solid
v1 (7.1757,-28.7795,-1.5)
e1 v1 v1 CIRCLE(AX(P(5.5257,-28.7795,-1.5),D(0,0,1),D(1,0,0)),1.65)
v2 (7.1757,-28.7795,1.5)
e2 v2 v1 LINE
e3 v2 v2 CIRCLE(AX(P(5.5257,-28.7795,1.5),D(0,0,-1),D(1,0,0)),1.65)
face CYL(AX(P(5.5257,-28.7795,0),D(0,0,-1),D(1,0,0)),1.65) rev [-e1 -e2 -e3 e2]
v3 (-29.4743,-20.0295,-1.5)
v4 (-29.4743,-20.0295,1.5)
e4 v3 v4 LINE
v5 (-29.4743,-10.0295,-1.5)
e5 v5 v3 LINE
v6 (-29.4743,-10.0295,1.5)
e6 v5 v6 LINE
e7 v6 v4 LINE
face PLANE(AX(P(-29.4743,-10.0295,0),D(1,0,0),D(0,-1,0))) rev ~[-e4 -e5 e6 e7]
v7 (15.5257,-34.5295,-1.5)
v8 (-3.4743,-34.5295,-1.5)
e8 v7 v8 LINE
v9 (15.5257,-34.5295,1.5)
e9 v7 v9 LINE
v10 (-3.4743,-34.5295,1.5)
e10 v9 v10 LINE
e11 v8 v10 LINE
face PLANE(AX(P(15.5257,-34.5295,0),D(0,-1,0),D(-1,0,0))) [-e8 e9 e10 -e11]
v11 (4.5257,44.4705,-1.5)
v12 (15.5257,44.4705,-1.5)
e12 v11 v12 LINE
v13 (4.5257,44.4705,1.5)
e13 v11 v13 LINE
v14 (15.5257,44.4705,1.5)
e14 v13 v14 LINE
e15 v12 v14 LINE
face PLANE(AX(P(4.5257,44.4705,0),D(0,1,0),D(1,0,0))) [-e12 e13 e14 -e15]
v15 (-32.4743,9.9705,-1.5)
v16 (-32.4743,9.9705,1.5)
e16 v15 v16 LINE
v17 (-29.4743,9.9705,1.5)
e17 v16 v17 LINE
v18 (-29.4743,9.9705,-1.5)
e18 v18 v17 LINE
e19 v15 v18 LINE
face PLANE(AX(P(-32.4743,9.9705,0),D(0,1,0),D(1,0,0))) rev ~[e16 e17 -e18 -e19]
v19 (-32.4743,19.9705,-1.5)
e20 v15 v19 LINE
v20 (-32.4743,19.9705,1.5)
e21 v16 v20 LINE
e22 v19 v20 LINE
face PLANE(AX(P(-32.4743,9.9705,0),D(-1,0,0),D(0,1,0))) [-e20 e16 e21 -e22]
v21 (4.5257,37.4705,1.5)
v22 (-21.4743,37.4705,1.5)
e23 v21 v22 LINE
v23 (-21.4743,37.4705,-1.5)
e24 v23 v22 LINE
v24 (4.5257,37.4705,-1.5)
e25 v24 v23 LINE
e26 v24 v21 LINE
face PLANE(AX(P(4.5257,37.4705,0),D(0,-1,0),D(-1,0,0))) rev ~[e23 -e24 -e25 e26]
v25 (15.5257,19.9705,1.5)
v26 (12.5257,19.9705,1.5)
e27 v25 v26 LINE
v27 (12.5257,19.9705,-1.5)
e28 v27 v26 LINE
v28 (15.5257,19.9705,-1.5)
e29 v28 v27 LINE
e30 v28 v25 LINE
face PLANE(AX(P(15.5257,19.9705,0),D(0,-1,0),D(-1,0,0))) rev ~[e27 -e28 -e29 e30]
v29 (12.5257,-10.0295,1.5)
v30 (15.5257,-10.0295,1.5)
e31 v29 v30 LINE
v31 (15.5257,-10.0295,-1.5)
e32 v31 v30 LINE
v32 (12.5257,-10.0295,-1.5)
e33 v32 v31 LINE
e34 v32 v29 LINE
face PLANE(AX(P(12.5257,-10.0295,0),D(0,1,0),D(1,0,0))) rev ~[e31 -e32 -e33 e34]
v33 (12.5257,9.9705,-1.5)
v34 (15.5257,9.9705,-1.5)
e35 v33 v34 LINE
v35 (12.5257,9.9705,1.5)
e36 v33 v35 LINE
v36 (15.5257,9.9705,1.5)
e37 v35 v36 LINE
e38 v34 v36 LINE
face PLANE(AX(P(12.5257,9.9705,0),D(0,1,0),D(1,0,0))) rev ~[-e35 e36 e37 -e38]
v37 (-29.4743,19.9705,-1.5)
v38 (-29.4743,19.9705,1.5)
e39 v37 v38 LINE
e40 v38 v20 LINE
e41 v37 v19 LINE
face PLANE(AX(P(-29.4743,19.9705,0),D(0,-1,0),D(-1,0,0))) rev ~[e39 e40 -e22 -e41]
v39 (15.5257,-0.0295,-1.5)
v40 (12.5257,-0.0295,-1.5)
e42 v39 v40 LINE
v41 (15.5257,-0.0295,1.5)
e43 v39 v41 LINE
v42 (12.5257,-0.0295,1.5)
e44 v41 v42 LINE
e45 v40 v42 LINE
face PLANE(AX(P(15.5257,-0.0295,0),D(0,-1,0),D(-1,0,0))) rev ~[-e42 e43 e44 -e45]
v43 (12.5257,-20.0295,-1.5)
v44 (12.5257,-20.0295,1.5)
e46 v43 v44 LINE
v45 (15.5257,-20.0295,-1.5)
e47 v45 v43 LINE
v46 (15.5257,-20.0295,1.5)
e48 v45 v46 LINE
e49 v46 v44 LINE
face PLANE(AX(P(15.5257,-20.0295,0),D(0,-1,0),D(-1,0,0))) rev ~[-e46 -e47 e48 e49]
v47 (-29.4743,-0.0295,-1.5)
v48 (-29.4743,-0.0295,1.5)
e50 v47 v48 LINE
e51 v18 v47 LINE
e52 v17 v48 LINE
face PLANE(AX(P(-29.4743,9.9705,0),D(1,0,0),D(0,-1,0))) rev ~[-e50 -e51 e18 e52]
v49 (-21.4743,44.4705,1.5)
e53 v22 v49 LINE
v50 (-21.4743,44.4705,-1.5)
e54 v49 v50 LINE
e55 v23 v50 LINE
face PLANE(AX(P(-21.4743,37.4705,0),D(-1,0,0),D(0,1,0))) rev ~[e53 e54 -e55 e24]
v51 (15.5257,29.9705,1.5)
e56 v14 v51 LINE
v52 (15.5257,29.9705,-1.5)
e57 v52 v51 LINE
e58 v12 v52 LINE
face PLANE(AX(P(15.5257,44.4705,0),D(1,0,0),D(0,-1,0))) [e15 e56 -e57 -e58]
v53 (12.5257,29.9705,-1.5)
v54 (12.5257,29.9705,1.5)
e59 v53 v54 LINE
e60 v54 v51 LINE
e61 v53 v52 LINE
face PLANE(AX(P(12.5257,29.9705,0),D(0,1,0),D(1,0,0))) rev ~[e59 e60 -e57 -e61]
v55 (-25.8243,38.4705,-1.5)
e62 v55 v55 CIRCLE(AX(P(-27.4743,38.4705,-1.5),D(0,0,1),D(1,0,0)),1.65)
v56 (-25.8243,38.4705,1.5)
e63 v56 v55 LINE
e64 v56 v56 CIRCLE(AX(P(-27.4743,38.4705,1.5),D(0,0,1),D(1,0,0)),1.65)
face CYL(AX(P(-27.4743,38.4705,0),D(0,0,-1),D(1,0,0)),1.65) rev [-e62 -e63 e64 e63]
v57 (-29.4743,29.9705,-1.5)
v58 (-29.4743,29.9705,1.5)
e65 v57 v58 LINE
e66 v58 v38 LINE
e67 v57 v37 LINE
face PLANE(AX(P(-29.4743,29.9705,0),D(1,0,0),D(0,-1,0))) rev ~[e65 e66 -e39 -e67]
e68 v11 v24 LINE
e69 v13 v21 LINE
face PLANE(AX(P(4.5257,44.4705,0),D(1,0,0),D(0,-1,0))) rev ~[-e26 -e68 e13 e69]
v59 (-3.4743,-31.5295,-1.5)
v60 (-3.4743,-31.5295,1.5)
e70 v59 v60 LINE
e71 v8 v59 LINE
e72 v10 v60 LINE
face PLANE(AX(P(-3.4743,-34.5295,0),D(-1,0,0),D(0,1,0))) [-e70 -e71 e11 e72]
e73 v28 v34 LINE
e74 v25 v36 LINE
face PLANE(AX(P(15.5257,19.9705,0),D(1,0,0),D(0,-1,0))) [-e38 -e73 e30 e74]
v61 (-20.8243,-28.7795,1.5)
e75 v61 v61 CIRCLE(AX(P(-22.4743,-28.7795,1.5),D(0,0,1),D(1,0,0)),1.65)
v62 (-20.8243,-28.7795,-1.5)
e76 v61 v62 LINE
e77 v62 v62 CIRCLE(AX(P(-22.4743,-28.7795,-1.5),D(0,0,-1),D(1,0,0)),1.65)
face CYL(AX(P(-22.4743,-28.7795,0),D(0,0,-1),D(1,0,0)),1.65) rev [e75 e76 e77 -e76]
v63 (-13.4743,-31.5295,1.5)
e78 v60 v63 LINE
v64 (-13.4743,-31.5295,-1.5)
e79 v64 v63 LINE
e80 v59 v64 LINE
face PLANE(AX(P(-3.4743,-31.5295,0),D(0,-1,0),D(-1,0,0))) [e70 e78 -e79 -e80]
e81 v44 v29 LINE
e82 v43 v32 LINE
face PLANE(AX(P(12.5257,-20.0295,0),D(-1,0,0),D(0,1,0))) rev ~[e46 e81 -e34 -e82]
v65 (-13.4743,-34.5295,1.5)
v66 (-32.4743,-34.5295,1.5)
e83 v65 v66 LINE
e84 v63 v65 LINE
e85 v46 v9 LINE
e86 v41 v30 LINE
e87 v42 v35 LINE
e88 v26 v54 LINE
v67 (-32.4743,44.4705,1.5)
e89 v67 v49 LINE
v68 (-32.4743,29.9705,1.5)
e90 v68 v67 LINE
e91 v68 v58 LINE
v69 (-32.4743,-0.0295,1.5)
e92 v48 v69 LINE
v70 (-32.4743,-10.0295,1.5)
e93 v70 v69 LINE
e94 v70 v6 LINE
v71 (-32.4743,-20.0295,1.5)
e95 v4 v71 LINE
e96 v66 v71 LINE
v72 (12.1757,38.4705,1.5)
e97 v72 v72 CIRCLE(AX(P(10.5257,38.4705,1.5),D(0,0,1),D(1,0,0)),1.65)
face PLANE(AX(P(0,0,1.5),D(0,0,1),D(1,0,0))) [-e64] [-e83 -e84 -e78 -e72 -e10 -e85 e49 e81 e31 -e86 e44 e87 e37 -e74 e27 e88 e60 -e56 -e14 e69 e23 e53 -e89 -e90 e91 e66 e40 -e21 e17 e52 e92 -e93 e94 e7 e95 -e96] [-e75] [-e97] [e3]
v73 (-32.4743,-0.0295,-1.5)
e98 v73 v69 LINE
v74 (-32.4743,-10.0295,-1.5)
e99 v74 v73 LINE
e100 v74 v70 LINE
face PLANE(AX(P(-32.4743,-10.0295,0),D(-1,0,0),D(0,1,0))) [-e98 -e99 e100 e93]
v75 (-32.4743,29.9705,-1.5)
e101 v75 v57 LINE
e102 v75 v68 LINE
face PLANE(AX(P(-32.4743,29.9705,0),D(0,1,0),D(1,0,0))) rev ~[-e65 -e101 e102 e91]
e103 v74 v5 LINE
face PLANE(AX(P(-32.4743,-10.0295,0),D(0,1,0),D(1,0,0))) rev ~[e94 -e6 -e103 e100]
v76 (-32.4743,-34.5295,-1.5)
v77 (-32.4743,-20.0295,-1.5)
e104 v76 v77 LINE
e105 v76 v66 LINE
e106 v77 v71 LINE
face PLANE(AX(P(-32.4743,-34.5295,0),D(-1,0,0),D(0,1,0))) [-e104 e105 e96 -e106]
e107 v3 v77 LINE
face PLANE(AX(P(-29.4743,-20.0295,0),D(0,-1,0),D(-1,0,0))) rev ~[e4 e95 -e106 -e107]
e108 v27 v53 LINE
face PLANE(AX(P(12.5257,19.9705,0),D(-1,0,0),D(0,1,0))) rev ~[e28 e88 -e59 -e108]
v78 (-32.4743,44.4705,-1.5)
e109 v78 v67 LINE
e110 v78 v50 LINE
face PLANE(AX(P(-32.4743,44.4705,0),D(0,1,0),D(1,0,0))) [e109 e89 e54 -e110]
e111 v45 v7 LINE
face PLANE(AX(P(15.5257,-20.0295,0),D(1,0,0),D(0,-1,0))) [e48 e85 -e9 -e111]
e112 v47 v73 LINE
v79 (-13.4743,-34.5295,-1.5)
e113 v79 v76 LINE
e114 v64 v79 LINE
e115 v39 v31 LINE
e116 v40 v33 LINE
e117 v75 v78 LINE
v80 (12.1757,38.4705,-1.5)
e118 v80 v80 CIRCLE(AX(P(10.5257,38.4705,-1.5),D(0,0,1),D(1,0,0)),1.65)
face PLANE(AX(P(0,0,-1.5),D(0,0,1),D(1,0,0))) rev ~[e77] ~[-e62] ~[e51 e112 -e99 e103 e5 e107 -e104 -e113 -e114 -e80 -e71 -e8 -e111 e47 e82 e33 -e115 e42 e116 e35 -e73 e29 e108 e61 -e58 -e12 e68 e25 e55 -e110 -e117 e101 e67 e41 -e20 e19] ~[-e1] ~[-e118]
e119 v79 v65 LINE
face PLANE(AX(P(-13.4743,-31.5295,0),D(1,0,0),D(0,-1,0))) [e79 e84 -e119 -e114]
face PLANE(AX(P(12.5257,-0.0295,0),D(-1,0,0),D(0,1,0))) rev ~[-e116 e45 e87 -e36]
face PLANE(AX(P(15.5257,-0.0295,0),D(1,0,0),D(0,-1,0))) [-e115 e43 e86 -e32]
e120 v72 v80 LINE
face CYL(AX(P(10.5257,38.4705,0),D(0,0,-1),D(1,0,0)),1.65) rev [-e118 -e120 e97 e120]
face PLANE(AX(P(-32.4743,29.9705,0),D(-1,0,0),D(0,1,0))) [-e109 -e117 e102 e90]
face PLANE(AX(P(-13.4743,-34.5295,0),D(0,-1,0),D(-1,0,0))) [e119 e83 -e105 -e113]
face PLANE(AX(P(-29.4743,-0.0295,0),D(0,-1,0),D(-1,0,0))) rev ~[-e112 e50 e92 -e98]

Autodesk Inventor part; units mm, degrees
ref_plane "YZ Plane" through (0, 0, 0) normal (1, 0, 0) x (0, 1, 0)
ref_plane "XZ Plane" through (0, 0, 0) normal (0, 1, 0) x (-1, 0, 0)
ref_plane "XY Plane" through (0, 0, 0) normal (0, 0, 1) x (1, 0, 0)
sketch "Sketch1" plane through (0, 0, 0) normal (0, 0, 1) x (1, 0, 0)
  circle A0 centre (-22.4743, -28.7795) radius 1.65
  circle A1 centre (5.5257, -28.7795) radius 1.65
  circle A2 centre (-27.4743, 38.4705) radius 1.65
  circle A3 centre (10.5257, 38.4705) radius 1.65
  line L0 (-25.4743, 18.4705) -> (8.5257, 18.4705)
  line L1 (8.5257, 18.4705) -> (8.5257, -25.5295)
  line L2 (8.5257, -25.5295) -> (-25.4743, -25.5295)
  line L3 (-25.4743, -25.5295) -> (-25.4743, 18.4705)
  circle A4 centre (-8.4743, 28.4705) radius 2.5
  line L4 (-32.4743, 44.4705) -> (15.5257, 44.4705)
  line L5 (15.5257, 44.4705) -> (15.5257, -34.5295)
  line L6 (15.5257, -34.5295) -> (-32.4743, -34.5295)
  line L7 (-32.4743, -34.5295) -> (-32.4743, 44.4705)
  line L8 (-25.4743, -25.5295) -> (8.5257, -25.5295)
  line L9 (8.5257, -25.5295) -> (8.5257, -26.5295)
  line L10 (8.5257, -26.5295) -> (-25.4743, -26.5295)
  line L11 (-25.4743, -26.5295) -> (-25.4743, -25.5295)
  line L12 (-24.1243, -28.7795) -> (-24.1243, -26.5295)
  line L13 (-20.8243, -28.7795) -> (-20.8243, -26.5295)
  line L14 (3.8757, -28.7795) -> (3.8757, -26.5295)
  line L15 (7.1757, -28.7795) -> (7.1757, -26.5295)
  line L16 (-32.4743, 9.9705) -> (-29.4743, 9.9705)
  line L17 (-29.4743, 9.9705) -> (-29.4743, -0.0295)
  line L18 (-29.4743, -0.0295) -> (-32.4743, -0.0295)
  line L19 (-32.4743, -0.0295) -> (-32.4743, 9.9705)
  line L20 (-13.4743, -34.5295) -> (-3.4743, -34.5295)
  line L21 (-3.4743, -34.5295) -> (-3.4743, -31.5295)
  line L22 (-3.4743, -31.5295) -> (-13.4743, -31.5295)
  line L23 (-13.4743, -31.5295) -> (-13.4743, -34.5295)
  line L24 (-13.4743, 44.4705) -> (-3.4743, 44.4705)
  line L25 (-3.4743, 44.4705) -> (-3.4743, 41.4705)
  line L26 (-3.4743, 41.4705) -> (-13.4743, 41.4705)
  line L27 (-13.4743, 41.4705) -> (-13.4743, 44.4705)
  line L28 (-29.4743, 29.9705) -> (-29.4743, 19.9705)
  line L29 (-29.4743, 19.9705) -> (-32.4743, 19.9705)
  line L30 (-32.4743, 29.9705) -> (-29.4743, 29.9705)
  line L31 (-29.4743, -20.0295) -> (-32.4743, -20.0295)
  line L32 (-29.4743, -10.0295) -> (-29.4743, -20.0295)
  line L33 (-32.4743, -10.0295) -> (-29.4743, -10.0295)
  line L34 (12.5257, 9.9705) -> (15.5257, 9.9705)
  line L35 (15.5257, 9.9705) -> (15.5257, -0.0295)
  line L36 (15.5257, -0.0295) -> (12.5257, -0.0295)
  line L37 (12.5257, -0.0295) -> (12.5257, 9.9705)
  line L38 (15.5257, -20.0295) -> (12.5257, -20.0295)
  line L39 (12.5257, -20.0295) -> (12.5257, -10.0295)
  line L40 (12.5257, -10.0295) -> (15.5257, -10.0295)
  line L41 (15.5257, 19.9705) -> (12.5257, 19.9705)
  line L42 (12.5257, 19.9705) -> (12.5257, 29.9705)
  line L43 (12.5257, 29.9705) -> (15.5257, 29.9705)
  line L44 (-21.4743, 44.4705) -> (4.5257, 44.4705)
  line L45 (4.5257, 44.4705) -> (4.5257, 37.4705)
  line L46 (4.5257, 37.4705) -> (-21.4743, 37.4705)
  line L47 (-21.4743, 37.4705) -> (-21.4743, 44.4705)
  point P0 (0, 0)
  point P1 (-8.4743, -3.5295)
  point P2 (-8.4743, 18.4705)
  point P3 (-8.4743, -25.5295)
  point P4 (8.5257, -3.5295)
  point P5 (-8.4743, 44.4705)
  point P6 (-32.4743, 4.9705)
  point P7 (-8.4743, -31.5295)
  point P8 (-8.4743, -34.5295)
  point P9 (-8.4743, -34.5295)
  point P10 (-8.4743, 41.4705)
  point P11 (15.5257, 4.9705)
  point P12 (15.5257, 4.9705)
  point P13 (-8.4743, 37.4705)
  point P14 (-8.4743, 44.4705)
  dimension "d16" = 3.3
  dimension "d17" = 3.3
  dimension "d18" = 28
  dimension "d19" = 14
  dimension "d20" = 3.3
  dimension "d21" = 3.3
  dimension "d22" = 38
  dimension "d23" = 19
  dimension "d24" = 34
  dimension "d25" = 44
  dimension "d26" = 3.25
  dimension "d27" = 20
  dimension "d28" = 5
  dimension "d29" = 10
  dimension "d30" = 9
  dimension "d31" = 26
  dimension "d32" = 7
  dimension "d33" = 1
  dimension "d34" = 3
  dimension "d35" = 10
  dimension "d36" = 10
  dimension "d37" = 3
  dimension "d38" = 10
  dimension "d39" = 3
  dimension "d40" = 20
  dimension "d41" = 20
  dimension "d42" = 3
  dimension "d43" = 10
  dimension "d44" = 20
  dimension "d45" = 20
  dimension "d52" = 26
  dimension "d53" = 7
extrude "Extrusion1" add sketch "Sketch1" along normal mid plane 3 contours A0 L12 L10 L13 | L10 L11 L2 L9 | L10 L15 A1 L14 | L3 L0 L1 L2 | A4 | L4 L47 L46 L45 L5 L43 L42 L41 L34 L37 L36 L40 L39 L38 L6 L21 L22 L23 L7 L31 L32 L33 L18 L17 L16 L29 L28 L30
equation "\"d19\" = 0.5 * d18"
equation "\"d23\" = 0.5 * d22"
properties part number "Bottom piece"
